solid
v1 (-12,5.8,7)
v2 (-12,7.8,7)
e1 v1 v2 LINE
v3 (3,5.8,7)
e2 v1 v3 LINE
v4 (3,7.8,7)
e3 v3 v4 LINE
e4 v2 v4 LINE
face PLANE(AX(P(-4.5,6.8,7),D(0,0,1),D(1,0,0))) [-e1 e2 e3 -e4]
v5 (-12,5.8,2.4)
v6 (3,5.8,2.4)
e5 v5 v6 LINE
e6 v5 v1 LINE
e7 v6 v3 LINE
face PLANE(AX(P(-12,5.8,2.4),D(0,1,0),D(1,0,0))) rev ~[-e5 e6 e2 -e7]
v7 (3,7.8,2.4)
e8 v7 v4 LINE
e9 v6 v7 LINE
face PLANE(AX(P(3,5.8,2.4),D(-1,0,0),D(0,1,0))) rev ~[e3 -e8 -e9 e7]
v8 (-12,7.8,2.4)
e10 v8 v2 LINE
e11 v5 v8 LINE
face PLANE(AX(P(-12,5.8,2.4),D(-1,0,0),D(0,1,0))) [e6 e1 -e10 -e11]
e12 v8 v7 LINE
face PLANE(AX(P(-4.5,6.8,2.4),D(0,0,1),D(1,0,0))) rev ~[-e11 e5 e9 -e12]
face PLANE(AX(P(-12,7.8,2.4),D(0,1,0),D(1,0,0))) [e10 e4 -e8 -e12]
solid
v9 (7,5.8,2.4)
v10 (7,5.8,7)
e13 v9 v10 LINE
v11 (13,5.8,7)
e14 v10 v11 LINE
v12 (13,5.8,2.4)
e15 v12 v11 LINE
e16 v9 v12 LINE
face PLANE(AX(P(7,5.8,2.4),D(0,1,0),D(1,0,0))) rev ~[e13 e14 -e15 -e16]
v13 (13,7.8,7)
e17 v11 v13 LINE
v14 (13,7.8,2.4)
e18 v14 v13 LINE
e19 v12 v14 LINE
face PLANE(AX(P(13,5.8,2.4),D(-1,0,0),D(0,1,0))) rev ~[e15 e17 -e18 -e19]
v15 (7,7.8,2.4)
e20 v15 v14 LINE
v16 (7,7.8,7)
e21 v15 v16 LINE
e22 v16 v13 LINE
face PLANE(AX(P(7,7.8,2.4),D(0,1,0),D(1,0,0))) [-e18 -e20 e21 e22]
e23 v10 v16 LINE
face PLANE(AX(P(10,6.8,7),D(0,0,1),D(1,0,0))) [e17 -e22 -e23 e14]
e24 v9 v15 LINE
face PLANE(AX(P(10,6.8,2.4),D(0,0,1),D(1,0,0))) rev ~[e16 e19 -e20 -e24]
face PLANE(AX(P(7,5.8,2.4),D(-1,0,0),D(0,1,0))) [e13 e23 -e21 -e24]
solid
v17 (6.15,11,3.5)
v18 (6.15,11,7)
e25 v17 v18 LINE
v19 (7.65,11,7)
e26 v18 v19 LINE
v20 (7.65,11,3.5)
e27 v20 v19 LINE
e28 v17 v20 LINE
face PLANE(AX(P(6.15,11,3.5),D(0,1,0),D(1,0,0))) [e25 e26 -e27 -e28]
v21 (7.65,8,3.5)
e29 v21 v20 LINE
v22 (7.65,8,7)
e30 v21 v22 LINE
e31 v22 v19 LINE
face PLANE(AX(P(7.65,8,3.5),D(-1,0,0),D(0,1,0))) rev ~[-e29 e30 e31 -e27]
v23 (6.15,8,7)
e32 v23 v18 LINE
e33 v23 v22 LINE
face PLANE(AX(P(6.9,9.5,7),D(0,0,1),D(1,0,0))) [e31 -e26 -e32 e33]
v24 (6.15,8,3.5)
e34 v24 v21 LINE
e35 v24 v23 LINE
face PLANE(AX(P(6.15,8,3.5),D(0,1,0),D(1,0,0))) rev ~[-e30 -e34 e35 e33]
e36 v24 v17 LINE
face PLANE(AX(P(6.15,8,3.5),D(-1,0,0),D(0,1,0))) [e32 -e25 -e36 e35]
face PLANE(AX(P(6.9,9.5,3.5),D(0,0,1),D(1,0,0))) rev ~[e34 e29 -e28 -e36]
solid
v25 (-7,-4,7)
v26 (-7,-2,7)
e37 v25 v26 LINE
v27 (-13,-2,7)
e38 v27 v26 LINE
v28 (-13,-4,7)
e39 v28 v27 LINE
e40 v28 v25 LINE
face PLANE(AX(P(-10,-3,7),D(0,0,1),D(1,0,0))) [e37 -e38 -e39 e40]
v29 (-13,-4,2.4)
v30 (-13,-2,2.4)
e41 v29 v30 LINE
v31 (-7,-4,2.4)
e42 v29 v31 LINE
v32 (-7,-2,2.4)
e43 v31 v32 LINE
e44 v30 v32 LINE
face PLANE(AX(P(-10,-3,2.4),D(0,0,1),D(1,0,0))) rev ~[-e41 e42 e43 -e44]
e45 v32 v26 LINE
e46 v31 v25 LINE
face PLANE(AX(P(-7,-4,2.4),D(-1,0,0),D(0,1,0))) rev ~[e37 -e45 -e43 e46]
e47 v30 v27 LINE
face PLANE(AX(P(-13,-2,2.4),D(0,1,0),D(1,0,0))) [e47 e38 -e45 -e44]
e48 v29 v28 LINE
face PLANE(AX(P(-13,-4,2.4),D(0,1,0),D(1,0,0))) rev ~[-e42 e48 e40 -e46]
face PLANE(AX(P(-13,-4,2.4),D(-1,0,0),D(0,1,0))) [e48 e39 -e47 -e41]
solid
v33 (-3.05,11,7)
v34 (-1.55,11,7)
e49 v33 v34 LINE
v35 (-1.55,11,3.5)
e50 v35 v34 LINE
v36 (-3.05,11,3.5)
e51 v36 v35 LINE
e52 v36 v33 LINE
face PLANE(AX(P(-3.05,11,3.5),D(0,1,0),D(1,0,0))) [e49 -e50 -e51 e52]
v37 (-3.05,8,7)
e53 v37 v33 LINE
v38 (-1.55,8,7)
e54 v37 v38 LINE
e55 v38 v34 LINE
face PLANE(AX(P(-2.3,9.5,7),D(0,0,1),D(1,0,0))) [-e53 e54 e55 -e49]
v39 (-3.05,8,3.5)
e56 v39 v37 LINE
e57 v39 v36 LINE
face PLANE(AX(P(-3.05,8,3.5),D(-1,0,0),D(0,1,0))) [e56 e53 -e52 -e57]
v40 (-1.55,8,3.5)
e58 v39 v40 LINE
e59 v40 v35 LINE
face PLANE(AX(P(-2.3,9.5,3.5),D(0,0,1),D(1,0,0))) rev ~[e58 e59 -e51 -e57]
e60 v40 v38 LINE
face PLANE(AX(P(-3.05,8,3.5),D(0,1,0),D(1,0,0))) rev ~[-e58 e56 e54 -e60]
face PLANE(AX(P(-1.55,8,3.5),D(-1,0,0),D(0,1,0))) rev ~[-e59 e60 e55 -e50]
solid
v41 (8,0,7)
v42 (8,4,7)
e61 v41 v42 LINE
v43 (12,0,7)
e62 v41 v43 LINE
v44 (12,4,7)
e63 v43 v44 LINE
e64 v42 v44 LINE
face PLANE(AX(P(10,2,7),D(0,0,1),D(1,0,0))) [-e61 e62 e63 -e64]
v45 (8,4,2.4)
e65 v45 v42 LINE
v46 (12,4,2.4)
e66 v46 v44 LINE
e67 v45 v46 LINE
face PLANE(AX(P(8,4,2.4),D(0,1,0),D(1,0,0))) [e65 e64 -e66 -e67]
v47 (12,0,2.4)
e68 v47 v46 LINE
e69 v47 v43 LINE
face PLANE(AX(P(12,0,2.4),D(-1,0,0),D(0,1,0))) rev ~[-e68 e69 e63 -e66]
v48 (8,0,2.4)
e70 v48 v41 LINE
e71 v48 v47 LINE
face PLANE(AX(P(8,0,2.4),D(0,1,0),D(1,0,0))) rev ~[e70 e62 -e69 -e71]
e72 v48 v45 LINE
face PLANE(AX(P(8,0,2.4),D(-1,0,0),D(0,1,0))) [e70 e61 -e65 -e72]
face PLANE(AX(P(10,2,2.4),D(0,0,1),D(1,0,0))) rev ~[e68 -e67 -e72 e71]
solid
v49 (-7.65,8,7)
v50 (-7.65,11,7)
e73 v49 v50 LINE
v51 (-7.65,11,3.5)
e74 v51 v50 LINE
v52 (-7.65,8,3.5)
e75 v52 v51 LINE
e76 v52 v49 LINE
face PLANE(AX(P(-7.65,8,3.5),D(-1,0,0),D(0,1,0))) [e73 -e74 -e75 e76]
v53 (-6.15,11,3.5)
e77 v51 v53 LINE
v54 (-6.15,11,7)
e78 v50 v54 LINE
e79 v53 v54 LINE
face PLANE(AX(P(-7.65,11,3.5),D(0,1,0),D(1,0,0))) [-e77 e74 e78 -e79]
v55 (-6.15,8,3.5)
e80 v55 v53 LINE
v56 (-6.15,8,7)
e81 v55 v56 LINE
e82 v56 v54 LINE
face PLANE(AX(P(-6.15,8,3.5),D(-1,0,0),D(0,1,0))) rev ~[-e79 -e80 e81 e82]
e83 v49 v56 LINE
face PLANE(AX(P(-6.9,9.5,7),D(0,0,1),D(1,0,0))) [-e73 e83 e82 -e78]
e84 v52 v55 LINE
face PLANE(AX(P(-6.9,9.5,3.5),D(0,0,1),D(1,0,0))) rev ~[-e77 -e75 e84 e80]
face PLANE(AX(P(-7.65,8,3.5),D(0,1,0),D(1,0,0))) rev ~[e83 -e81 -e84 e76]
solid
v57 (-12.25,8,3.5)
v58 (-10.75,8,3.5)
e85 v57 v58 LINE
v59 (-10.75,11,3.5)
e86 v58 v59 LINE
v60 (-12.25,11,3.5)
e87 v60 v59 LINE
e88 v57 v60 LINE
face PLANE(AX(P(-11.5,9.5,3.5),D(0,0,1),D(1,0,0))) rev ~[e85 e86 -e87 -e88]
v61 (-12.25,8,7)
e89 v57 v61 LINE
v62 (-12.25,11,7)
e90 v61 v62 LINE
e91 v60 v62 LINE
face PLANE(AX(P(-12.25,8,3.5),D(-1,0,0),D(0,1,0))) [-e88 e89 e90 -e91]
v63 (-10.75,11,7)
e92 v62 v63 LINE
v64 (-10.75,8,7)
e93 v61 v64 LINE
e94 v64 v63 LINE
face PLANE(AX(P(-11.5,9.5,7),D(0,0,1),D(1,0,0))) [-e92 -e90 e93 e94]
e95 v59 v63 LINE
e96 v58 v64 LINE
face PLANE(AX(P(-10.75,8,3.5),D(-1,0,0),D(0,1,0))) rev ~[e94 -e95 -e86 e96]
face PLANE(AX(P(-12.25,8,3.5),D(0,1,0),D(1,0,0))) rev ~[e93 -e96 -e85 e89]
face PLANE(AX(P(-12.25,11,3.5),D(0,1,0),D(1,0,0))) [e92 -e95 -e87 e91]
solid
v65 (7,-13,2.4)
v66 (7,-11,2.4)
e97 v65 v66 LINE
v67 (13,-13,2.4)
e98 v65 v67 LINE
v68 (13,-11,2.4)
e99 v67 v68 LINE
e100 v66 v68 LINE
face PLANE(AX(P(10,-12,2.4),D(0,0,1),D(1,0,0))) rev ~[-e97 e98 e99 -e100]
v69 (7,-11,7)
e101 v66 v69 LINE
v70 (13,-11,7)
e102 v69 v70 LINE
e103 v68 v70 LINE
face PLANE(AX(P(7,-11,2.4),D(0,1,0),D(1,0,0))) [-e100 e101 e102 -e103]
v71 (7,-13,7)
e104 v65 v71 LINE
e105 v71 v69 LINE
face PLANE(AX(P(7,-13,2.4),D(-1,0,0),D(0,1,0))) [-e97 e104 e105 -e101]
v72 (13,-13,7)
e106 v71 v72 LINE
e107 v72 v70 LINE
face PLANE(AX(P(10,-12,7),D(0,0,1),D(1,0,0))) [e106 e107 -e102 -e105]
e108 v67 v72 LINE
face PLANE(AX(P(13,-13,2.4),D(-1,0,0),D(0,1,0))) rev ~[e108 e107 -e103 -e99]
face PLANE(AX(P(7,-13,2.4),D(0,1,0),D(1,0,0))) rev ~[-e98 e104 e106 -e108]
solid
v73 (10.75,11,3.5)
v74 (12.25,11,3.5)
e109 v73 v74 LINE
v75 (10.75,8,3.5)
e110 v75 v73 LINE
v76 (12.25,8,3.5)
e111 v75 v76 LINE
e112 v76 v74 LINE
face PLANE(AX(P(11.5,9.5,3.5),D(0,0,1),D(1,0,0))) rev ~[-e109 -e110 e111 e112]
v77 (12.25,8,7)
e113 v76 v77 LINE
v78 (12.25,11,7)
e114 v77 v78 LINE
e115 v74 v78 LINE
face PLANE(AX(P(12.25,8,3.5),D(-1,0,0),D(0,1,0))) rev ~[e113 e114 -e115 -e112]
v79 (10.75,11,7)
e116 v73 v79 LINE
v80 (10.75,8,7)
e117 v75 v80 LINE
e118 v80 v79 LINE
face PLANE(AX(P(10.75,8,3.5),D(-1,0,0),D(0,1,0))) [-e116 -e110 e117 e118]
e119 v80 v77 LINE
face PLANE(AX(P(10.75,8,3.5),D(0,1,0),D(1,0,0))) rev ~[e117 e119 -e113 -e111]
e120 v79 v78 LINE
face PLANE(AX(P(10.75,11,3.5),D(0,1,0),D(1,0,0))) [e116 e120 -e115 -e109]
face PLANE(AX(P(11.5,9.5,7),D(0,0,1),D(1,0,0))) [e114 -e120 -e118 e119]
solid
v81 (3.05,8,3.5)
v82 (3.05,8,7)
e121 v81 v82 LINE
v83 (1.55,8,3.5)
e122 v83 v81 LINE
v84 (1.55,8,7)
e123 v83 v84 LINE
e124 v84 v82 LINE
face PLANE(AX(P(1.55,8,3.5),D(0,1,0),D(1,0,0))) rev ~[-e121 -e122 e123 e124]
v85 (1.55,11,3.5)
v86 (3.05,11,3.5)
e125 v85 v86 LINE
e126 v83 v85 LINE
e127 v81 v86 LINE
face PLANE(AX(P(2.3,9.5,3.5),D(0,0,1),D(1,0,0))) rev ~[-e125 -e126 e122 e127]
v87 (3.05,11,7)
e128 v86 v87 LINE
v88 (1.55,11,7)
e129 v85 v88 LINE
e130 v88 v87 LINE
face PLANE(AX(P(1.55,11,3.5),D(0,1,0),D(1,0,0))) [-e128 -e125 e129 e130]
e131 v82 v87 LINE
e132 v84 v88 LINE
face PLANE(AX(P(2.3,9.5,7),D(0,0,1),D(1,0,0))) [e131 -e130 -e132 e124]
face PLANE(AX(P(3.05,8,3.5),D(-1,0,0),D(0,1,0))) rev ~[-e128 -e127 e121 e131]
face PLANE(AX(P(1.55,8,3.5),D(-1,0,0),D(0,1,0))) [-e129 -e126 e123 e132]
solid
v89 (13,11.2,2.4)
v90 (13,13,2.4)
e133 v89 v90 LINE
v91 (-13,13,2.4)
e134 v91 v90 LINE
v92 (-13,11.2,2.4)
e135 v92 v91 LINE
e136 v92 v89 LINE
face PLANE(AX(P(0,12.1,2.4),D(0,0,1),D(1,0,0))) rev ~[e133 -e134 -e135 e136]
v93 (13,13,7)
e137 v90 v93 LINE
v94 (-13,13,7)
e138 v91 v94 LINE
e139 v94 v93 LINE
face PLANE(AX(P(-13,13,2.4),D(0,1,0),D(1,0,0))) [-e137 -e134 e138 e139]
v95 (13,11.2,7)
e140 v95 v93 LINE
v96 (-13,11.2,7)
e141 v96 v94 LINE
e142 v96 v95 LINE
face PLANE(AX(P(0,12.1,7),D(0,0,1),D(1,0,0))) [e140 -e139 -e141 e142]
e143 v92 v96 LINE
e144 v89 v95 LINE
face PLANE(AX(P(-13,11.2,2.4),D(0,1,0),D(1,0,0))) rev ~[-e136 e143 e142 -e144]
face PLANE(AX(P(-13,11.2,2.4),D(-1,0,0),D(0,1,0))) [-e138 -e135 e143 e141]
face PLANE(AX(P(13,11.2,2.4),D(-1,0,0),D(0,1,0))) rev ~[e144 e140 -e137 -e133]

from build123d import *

# Parameters (mm, degrees)
BOX010_W     = 6
BOX010_H     = 2
BOX010_DEPTH = 4.6
BOX008_W     = 4
BOX008_H     = 4
BOX008_DEPTH = 4.6
BOX007_W     = 26
BOX007_H     = 1.8
BOX007_DEPTH = 4.6
BOX009_W     = 6
BOX009_H     = 2
BOX009_DEPTH = 4.6
BOX016_W     = 15
BOX016_H     = 2
BOX016_DEPTH = 4.6
BOX017_W     = 1.5
BOX017_H     = 3
BOX017_DEPTH = 3.5
BOX018_W     = 1.5
BOX018_H     = 3
BOX018_DEPTH = 3.5
BOX019_W     = 1.5
BOX019_H     = 3
BOX019_DEPTH = 3.5
BOX020_W     = 1.5
BOX020_H     = 3
BOX020_DEPTH = 3.5
BOX021_W     = 1.5
BOX021_H     = 3
BOX021_DEPTH = 3.5
BOX022_W     = 1.5
BOX022_H     = 3
BOX022_DEPTH = 3.5
BOX011_W     = 6
BOX011_H     = 2
BOX011_DEPTH = 4.6


with BuildPart() as cubedestek4:
    # Box010 → Box010 (new body)
    with BuildSketch(Plane(origin=(7, 5.8, 2.4), x_dir=(1, 0, 0), z_dir=(0, 0, 1))):
        with Locations((3, 1)):
            Rectangle(BOX010_W, BOX010_H)
    extrude(amount=BOX010_DEPTH)


with BuildPart() as cubedestek2:
    # Box008 → Box008 (new body)
    with BuildSketch(Plane(origin=(8, 0, 2.4), x_dir=(1, 0, 0), z_dir=(0, 0, 1))):
        with Locations((2, 2)):
            Rectangle(BOX008_W, BOX008_H)
    extrude(amount=BOX008_DEPTH)


with BuildPart() as cubedestek:
    # Box007 → Box007 (new body)
    with BuildSketch(Plane(origin=(-13, 11.2, 2.4), x_dir=(1, 0, 0), z_dir=(0, 0, 1))):
        with Locations((13, 0.9)):
            Rectangle(BOX007_W, BOX007_H)
    extrude(amount=BOX007_DEPTH)


with BuildPart() as cubedestek3:
    # Box009 → Box009 (new body)
    with BuildSketch(Plane(origin=(-13, -4, 2.4), x_dir=(1, 0, 0), z_dir=(0, 0, 1))):
        with Locations((3, 1)):
            Rectangle(BOX009_W, BOX009_H)
    extrude(amount=BOX009_DEPTH)


with BuildPart() as cubedestek006:
    # Box016 → Box016 (new body)
    with BuildSketch(Plane(origin=(-12, 5.8, 2.4), x_dir=(1, 0, 0), z_dir=(0, 0, 1))):
        with Locations((7.5, 1)):
            Rectangle(BOX016_W, BOX016_H)
    extrude(amount=BOX016_DEPTH)


with BuildPart() as cubedestek007:
    # Box017 → Box017 (new body)
    with BuildSketch(Plane(origin=(1.55, 8, 3.5), x_dir=(1, 0, 0), z_dir=(0, 0, 1))):
        with Locations((0.75, 1.5)):
            Rectangle(BOX017_W, BOX017_H)
    extrude(amount=BOX017_DEPTH)


with BuildPart() as cubedestek008:
    # Box018 → Box018 (new body)
    with BuildSketch(Plane(origin=(6.15, 8, 3.5), x_dir=(1, 0, 0), z_dir=(0, 0, 1))):
        with Locations((0.75, 1.5)):
            Rectangle(BOX018_W, BOX018_H)
    extrude(amount=BOX018_DEPTH)


with BuildPart() as cubedestek009:
    # Box019 → Box019 (new body)
    with BuildSketch(Plane(origin=(-3.05, 8, 3.5), x_dir=(1, 0, 0), z_dir=(0, 0, 1))):
        with Locations((0.75, 1.5)):
            Rectangle(BOX019_W, BOX019_H)
    extrude(amount=BOX019_DEPTH)


with BuildPart() as cubedestek010:
    # Box020 → Box020 (new body)
    with BuildSketch(Plane(origin=(-7.65, 8, 3.5), x_dir=(1, 0, 0), z_dir=(0, 0, 1))):
        with Locations((0.75, 1.5)):
            Rectangle(BOX020_W, BOX020_H)
    extrude(amount=BOX020_DEPTH)


with BuildPart() as cubedestek011:
    # Box021 → Box021 (new body)
    with BuildSketch(Plane(origin=(-12.25, 8, 3.5), x_dir=(1, 0, 0), z_dir=(0, 0, 1))):
        with Locations((0.75, 1.5)):
            Rectangle(BOX021_W, BOX021_H)
    extrude(amount=BOX021_DEPTH)


with BuildPart() as cubedestek012:
    # Box022 → Box022 (new body)
    with BuildSketch(Plane(origin=(10.75, 8, 3.5), x_dir=(1, 0, 0), z_dir=(0, 0, 1))):
        with Locations((0.75, 1.5)):
            Rectangle(BOX022_W, BOX022_H)
    extrude(amount=BOX022_DEPTH)


with BuildPart() as fusion002:
    # Box011 → Box011 (new body)
    with BuildSketch(Plane(origin=(7, -13, 2.4), x_dir=(1, 0, 0), z_dir=(0, 0, 1))):
        with Locations((3, 1)):
            Rectangle(BOX011_W, BOX011_H)
    extrude(amount=BOX011_DEPTH)

    # Fusion002: union CubeDestek4, CubeDestek2, CubeDestek, CubeDestek3, CubeDestek006, CubeDestek007, CubeDestek008, CubeDestek009, CubeDestek010, CubeDestek011, CubeDestek012
    add(cubedestek4.part)
    add(cubedestek2.part)
    add(cubedestek.part)
    add(cubedestek3.part)
    add(cubedestek006.part)
    add(cubedestek007.part)
    add(cubedestek008.part)
    add(cubedestek009.part)
    add(cubedestek010.part)
    add(cubedestek011.part)
    add(cubedestek012.part)


solid = fusion002.part
